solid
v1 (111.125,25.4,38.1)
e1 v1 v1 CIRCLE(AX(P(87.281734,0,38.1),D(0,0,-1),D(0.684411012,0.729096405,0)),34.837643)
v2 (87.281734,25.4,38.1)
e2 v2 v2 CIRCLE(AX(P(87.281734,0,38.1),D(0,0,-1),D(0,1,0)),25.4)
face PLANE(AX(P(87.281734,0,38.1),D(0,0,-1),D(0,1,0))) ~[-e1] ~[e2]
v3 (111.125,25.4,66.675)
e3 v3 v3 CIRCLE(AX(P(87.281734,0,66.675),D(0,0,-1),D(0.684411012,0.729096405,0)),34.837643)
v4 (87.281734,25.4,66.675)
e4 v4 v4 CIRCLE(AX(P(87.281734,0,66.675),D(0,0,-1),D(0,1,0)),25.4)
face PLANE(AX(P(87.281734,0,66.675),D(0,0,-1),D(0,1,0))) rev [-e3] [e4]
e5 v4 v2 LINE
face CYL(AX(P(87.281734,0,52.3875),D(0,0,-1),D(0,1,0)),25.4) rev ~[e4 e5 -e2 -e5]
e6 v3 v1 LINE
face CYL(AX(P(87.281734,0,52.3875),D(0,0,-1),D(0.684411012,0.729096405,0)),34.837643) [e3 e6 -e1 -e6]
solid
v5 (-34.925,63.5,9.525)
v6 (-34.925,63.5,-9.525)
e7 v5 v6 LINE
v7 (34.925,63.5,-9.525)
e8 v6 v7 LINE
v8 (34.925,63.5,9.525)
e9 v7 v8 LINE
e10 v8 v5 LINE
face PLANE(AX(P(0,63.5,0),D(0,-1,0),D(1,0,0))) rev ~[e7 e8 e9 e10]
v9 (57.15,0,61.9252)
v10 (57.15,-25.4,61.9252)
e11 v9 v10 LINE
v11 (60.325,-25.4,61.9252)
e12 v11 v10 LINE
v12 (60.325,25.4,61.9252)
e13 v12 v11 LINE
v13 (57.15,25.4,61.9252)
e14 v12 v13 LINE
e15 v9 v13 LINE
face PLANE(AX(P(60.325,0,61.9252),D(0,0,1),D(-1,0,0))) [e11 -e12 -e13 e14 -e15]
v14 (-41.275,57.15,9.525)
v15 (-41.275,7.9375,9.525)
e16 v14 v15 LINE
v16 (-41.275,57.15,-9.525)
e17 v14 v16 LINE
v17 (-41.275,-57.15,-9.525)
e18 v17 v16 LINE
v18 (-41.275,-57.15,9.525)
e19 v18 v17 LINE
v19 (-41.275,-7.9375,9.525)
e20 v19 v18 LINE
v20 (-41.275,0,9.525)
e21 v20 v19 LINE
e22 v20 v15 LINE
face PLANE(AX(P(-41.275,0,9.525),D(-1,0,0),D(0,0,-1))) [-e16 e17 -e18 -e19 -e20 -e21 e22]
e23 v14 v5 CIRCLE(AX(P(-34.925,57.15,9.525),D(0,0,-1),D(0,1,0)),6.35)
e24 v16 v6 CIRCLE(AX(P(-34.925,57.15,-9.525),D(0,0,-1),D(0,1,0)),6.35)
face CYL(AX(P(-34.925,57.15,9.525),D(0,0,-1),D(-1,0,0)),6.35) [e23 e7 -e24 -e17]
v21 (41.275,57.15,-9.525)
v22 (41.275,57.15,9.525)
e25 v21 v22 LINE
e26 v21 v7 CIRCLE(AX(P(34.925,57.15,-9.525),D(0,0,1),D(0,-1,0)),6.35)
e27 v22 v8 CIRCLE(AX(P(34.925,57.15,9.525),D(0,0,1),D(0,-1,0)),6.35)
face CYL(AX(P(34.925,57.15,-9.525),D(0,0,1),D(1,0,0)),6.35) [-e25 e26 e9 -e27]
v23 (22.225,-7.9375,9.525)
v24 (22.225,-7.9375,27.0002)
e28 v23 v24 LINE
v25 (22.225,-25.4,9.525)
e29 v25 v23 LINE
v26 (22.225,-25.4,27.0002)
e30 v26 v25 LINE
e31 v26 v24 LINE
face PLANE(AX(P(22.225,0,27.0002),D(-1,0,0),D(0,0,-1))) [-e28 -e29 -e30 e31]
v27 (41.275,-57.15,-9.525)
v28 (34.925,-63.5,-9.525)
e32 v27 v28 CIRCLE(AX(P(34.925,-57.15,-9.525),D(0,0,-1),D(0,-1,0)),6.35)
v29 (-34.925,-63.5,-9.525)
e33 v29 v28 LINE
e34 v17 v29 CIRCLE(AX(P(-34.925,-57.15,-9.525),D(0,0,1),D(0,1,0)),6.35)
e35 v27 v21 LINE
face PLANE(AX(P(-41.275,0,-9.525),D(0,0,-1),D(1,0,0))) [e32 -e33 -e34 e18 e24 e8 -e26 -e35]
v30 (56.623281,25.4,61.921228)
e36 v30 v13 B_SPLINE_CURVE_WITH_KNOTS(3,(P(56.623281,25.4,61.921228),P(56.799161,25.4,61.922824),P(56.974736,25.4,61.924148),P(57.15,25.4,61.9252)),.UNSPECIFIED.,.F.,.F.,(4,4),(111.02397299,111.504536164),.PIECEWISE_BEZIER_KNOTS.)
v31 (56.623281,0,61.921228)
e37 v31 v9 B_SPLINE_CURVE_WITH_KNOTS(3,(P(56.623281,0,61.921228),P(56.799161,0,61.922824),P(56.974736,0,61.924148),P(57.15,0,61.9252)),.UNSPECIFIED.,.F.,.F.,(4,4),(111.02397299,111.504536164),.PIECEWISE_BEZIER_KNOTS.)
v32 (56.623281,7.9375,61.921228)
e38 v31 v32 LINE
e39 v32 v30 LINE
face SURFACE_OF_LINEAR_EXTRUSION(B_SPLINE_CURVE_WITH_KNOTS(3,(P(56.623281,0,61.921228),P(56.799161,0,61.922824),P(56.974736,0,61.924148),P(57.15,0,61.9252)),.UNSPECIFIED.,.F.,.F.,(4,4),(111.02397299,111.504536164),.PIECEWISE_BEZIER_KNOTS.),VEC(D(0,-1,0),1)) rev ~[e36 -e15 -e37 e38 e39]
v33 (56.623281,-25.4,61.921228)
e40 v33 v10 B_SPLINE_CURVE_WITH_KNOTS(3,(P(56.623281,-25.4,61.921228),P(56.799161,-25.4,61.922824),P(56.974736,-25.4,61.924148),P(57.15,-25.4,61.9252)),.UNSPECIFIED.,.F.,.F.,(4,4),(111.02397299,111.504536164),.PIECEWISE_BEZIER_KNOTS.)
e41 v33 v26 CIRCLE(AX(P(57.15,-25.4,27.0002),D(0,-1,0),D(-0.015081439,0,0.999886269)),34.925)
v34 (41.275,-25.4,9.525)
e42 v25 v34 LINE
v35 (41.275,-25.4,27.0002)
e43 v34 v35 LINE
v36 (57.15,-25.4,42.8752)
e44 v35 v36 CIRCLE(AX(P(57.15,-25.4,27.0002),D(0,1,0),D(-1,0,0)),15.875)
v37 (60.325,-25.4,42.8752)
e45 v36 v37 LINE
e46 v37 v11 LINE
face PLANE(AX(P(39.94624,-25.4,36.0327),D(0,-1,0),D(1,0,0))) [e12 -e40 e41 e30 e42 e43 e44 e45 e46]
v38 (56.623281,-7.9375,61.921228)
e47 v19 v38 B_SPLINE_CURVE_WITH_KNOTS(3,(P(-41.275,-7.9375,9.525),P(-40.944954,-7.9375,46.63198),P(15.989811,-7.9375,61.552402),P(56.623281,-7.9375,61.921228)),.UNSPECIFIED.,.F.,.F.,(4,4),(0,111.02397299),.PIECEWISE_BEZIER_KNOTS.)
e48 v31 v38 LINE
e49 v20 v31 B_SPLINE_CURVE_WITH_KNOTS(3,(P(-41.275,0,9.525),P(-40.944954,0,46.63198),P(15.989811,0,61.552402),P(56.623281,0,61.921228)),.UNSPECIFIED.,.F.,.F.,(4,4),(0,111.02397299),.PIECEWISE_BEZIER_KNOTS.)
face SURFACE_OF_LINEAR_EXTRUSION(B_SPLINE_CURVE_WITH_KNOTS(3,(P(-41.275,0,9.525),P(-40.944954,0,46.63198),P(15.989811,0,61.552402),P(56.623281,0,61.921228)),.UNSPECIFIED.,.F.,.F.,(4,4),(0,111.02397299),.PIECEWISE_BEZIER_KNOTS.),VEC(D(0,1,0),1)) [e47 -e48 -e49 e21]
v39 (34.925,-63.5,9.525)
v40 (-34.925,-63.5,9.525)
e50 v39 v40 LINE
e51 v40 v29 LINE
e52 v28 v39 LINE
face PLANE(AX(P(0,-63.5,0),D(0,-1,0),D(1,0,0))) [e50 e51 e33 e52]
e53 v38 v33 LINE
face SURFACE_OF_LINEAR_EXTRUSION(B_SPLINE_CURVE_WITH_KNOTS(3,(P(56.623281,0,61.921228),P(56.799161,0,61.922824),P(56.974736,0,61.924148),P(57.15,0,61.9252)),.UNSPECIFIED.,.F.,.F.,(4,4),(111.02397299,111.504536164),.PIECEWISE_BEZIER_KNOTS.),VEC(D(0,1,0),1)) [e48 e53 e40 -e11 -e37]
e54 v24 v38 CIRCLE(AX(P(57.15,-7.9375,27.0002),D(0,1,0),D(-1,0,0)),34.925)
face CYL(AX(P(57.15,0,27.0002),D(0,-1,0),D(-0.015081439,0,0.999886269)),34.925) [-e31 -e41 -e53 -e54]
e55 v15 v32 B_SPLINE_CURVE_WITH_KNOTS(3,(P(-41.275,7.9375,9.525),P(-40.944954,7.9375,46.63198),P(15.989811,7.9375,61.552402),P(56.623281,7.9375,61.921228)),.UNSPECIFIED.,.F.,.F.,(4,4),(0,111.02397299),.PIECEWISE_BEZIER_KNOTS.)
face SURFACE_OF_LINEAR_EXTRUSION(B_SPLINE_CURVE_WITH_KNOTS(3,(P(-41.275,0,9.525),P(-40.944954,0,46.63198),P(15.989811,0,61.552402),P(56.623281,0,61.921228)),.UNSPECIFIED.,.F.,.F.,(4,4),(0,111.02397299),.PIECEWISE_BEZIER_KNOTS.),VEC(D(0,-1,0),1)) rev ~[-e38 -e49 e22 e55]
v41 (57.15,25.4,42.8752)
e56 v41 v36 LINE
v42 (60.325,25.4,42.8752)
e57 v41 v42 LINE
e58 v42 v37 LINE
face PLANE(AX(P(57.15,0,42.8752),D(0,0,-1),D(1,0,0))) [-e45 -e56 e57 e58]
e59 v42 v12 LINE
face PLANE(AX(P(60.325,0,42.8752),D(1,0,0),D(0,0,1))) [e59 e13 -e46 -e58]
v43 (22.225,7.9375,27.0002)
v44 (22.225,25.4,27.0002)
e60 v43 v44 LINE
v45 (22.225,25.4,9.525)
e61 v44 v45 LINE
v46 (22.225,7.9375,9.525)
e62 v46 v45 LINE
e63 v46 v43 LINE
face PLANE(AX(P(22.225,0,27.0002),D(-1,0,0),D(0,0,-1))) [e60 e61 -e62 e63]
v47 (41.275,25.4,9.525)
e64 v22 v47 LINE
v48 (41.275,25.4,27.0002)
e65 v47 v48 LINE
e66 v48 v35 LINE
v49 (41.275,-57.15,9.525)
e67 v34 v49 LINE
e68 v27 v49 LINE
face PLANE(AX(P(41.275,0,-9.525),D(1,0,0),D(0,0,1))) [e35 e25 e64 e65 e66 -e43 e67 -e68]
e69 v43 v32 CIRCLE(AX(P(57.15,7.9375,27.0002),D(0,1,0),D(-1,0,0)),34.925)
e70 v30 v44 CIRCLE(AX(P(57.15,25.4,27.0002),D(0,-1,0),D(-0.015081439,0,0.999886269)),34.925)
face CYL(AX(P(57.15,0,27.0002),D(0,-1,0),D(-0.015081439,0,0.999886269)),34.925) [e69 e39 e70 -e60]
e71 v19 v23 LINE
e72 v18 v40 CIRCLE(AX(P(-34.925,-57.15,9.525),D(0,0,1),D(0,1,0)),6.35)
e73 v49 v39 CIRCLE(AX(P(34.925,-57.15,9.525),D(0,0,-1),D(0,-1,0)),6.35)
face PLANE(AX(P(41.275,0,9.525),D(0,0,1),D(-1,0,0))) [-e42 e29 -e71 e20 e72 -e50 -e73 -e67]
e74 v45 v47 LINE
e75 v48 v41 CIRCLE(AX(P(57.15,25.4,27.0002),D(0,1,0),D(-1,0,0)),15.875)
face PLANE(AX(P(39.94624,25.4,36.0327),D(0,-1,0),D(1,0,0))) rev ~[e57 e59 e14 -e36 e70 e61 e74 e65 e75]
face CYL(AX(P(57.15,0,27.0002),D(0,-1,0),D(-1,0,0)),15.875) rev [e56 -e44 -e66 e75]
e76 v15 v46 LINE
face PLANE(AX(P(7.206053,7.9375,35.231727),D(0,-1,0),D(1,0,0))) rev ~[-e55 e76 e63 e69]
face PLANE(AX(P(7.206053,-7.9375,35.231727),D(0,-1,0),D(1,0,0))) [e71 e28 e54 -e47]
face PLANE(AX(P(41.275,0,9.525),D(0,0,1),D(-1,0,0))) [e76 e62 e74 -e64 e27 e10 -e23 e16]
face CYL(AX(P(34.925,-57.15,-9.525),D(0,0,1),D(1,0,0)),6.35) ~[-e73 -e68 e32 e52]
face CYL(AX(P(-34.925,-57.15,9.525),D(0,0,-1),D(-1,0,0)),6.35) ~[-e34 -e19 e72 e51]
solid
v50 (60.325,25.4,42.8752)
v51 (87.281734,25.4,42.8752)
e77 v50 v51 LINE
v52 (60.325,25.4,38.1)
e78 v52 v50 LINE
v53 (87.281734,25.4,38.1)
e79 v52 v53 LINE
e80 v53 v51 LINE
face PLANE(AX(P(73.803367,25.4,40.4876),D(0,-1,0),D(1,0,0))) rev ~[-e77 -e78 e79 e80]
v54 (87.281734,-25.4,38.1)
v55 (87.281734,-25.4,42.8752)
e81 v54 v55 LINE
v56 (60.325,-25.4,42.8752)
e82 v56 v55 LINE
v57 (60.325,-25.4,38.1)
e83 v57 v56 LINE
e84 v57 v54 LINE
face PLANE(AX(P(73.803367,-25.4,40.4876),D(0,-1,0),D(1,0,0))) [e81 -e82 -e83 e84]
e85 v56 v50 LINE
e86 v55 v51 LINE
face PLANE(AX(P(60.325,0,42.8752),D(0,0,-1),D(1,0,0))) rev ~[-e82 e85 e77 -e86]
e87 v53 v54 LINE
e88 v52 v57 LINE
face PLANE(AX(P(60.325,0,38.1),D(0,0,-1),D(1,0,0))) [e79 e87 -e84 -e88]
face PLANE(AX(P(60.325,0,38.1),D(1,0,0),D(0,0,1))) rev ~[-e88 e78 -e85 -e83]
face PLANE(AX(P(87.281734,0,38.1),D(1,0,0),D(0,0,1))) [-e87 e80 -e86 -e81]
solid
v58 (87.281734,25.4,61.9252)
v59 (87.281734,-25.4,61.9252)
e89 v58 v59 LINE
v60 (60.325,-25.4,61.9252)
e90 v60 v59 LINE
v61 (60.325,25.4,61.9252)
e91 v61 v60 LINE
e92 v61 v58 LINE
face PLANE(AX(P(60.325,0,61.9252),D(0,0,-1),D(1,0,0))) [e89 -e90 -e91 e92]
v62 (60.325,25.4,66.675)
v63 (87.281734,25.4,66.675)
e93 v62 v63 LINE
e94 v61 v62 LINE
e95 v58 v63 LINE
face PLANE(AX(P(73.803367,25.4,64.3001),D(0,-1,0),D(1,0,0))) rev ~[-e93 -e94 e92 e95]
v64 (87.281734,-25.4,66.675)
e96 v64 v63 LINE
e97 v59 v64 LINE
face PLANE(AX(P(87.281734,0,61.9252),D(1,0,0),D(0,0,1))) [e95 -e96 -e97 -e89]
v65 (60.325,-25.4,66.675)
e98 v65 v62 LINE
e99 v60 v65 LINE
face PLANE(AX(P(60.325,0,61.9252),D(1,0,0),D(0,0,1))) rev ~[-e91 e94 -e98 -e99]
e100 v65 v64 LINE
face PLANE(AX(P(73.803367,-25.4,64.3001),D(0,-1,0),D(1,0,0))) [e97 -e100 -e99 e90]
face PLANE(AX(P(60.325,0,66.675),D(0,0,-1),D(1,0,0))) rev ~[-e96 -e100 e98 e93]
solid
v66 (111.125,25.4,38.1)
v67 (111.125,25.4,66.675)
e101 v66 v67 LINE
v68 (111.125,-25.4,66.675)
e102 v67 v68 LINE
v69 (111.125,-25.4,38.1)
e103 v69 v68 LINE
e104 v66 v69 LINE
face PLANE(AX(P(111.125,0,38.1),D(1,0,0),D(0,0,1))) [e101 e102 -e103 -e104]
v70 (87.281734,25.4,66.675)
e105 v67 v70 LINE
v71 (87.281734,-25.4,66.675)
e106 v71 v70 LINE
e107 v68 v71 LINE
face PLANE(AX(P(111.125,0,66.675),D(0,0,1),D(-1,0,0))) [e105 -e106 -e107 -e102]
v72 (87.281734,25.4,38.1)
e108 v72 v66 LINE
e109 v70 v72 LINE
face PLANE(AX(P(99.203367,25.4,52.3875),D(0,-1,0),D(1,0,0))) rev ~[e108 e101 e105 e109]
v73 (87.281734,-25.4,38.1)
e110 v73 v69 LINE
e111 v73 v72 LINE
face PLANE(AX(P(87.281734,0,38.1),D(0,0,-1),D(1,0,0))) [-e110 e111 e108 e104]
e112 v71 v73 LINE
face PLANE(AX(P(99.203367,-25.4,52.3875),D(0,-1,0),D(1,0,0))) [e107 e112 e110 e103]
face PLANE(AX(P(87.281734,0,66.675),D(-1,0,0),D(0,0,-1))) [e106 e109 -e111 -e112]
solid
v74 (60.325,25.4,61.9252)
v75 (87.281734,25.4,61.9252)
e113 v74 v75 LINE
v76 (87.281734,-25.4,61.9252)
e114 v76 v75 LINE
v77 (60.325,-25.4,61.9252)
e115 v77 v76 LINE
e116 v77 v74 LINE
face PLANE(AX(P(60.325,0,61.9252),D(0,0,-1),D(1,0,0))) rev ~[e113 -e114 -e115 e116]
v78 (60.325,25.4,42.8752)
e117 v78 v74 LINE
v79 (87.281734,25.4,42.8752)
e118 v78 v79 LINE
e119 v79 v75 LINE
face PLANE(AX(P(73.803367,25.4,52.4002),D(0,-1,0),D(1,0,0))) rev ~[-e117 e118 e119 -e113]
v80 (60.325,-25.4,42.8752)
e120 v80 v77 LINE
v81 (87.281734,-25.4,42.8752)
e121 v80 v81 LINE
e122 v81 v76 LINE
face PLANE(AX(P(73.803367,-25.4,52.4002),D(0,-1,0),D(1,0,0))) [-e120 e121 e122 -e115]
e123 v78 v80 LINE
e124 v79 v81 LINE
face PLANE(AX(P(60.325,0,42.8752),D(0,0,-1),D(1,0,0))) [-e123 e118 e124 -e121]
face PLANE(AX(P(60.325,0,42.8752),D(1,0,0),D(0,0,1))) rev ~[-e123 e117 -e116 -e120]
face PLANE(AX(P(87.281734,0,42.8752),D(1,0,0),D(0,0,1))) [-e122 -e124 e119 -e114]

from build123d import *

# Parameters (mm, degrees)
F1_DEPTH  = 63.5
F2_DEPTH  = 7.9375
F3_DEPTH  = 25.4
F0_W      = 26.9567337507
F0_H      = 4.7498
F4_DEPTH  = 25.4
F0_H_2    = 4.7752
F5_DEPTH  = 25.4
F0_H_3    = 19.05
F6_DEPTH  = 25.4
F7_DEPTH  = 25.4
F7_FACE_W = 23.8432662493
F7_FACE_H = 28.575
F9_R      = 6.35


with BuildPart() as f1:
    # F0 (on Front) → F1 (new body, symmetric)
    with BuildSketch(Plane.XZ):
        Polygon((41.275, -9.525), (41.275, 9.525), (22.225, 9.525), (-41.275, 9.525), (-41.275, -9.525), align=None)
    extrude(amount=F1_DEPTH, both=True)

    # F0 (on Front) → F2 (join, symmetric)
    with BuildSketch(Plane.XZ):
        with BuildLine():
            Line((-41.275, 9.525), (22.225, 9.525))
            Line((22.225, 9.525), (22.225, 27.0002))
            ThreePointArc((22.225, 27.0002), (32.2687691693, 51.508973477), (56.6232807358, 61.9212279318))
            add(Edge.make_bspline(
                [(-41.275, 9.525), (-40.9449543221, 46.6319803824), (15.9898114656, 61.5524020782), (56.6232807358, 61.9212279318)],
                knots=[0, 0, 0, 0, 111.0239729905, 111.0239729905, 111.0239729905, 111.0239729905], degree=3))
        make_face()
    extrude(amount=F2_DEPTH, both=True)

    # F0 (on Front) → F3 (join, symmetric)
    with BuildSketch(Plane.XZ):
        with BuildLine():
            Line((22.225, 9.525), (41.275, 9.525))
            Line((41.275, 9.525), (41.275, 27.0002))
            ThreePointArc((41.275, 27.0002), (45.9246798487, 38.2255201513), (57.15, 42.8752))
            Line((57.15, 42.8752), (60.325, 42.8752))
            Line((60.325, 42.8752), (60.325, 61.9252))
            Line((60.325, 61.9252), (57.15, 61.9252))
            add(Edge.make_bspline(
                [(56.6232807358, 61.9212279318), (56.7991612091, 61.922824381), (56.974736268, 61.9241481973), (57.15, 61.9252)],
                knots=[111.0239729905, 111.0239729905, 111.0239729905, 111.0239729905, 111.5045361635, 111.5045361635, 111.5045361635, 111.5045361635], degree=3))
            ThreePointArc((56.6232807358, 61.9212279318), (32.2687691693, 51.508973477), (22.225, 27.0002))
            Line((22.225, 27.0002), (22.225, 9.525))
        make_face()
    extrude(amount=F3_DEPTH, both=True)

    # F9
    f9_edges = [f1.edges().sort_by_distance(p)[0] for p in [
        (41.275, -63.5, 0),
        (41.275, 63.5, 0),
        (-41.275, -63.5, 0),
        (-41.275, 63.5, 0),
    ]]
    fillet(f9_edges, radius=F9_R)


with BuildPart() as f4:
    # F0 (on Front) → F4 (new body, symmetric)
    with BuildSketch(Plane.XZ):
        with Locations((73.8033668753, 64.3001)):
            Rectangle(F0_W, F0_H)
    extrude(amount=F4_DEPTH, both=True)


with BuildPart() as f5:
    # F0 (on Front) → F5 (new body, symmetric)
    with BuildSketch(Plane.XZ):
        with Locations((73.8033668753, 40.4876)):
            Rectangle(F0_W, F0_H_2)
    extrude(amount=F5_DEPTH, both=True)


with BuildPart() as f6:
    # F0 (on Front) → F6 (new body, symmetric)
    with BuildSketch(Plane.XZ):
        with Locations((73.8033668753, 52.4002)):
            Rectangle(F0_W, F0_H_3)
    extrude(amount=F6_DEPTH, both=True)


with BuildPart() as f7:
    # F0 (on Front) → F7 (new body, symmetric)
    with BuildSketch(Plane.XZ):
        Polygon((87.2817337507, 61.9252), (87.2817337507, 42.8752), (87.2817337507, 38.1), (111.125, 38.1), (111.125, 66.675), (87.2817337507, 66.675), align=None)
    extrude(amount=F7_DEPTH, both=True)


with BuildPart() as f8:
    # F7_face (on face) → F8 (revolve)
    with BuildSketch(Plane(origin=(99.2033668753, 25.4, 52.3875), x_dir=(1, 0, 0), z_dir=(0, 1, 0))):
        Rectangle(F7_FACE_W, F7_FACE_H)
    revolve(axis=Axis((87.2817337507, 0, 52.3875), (0, 0, -1)))


solid = Compound([f1.part, f4.part, f5.part, f6.part, f7.part, f8.part])
